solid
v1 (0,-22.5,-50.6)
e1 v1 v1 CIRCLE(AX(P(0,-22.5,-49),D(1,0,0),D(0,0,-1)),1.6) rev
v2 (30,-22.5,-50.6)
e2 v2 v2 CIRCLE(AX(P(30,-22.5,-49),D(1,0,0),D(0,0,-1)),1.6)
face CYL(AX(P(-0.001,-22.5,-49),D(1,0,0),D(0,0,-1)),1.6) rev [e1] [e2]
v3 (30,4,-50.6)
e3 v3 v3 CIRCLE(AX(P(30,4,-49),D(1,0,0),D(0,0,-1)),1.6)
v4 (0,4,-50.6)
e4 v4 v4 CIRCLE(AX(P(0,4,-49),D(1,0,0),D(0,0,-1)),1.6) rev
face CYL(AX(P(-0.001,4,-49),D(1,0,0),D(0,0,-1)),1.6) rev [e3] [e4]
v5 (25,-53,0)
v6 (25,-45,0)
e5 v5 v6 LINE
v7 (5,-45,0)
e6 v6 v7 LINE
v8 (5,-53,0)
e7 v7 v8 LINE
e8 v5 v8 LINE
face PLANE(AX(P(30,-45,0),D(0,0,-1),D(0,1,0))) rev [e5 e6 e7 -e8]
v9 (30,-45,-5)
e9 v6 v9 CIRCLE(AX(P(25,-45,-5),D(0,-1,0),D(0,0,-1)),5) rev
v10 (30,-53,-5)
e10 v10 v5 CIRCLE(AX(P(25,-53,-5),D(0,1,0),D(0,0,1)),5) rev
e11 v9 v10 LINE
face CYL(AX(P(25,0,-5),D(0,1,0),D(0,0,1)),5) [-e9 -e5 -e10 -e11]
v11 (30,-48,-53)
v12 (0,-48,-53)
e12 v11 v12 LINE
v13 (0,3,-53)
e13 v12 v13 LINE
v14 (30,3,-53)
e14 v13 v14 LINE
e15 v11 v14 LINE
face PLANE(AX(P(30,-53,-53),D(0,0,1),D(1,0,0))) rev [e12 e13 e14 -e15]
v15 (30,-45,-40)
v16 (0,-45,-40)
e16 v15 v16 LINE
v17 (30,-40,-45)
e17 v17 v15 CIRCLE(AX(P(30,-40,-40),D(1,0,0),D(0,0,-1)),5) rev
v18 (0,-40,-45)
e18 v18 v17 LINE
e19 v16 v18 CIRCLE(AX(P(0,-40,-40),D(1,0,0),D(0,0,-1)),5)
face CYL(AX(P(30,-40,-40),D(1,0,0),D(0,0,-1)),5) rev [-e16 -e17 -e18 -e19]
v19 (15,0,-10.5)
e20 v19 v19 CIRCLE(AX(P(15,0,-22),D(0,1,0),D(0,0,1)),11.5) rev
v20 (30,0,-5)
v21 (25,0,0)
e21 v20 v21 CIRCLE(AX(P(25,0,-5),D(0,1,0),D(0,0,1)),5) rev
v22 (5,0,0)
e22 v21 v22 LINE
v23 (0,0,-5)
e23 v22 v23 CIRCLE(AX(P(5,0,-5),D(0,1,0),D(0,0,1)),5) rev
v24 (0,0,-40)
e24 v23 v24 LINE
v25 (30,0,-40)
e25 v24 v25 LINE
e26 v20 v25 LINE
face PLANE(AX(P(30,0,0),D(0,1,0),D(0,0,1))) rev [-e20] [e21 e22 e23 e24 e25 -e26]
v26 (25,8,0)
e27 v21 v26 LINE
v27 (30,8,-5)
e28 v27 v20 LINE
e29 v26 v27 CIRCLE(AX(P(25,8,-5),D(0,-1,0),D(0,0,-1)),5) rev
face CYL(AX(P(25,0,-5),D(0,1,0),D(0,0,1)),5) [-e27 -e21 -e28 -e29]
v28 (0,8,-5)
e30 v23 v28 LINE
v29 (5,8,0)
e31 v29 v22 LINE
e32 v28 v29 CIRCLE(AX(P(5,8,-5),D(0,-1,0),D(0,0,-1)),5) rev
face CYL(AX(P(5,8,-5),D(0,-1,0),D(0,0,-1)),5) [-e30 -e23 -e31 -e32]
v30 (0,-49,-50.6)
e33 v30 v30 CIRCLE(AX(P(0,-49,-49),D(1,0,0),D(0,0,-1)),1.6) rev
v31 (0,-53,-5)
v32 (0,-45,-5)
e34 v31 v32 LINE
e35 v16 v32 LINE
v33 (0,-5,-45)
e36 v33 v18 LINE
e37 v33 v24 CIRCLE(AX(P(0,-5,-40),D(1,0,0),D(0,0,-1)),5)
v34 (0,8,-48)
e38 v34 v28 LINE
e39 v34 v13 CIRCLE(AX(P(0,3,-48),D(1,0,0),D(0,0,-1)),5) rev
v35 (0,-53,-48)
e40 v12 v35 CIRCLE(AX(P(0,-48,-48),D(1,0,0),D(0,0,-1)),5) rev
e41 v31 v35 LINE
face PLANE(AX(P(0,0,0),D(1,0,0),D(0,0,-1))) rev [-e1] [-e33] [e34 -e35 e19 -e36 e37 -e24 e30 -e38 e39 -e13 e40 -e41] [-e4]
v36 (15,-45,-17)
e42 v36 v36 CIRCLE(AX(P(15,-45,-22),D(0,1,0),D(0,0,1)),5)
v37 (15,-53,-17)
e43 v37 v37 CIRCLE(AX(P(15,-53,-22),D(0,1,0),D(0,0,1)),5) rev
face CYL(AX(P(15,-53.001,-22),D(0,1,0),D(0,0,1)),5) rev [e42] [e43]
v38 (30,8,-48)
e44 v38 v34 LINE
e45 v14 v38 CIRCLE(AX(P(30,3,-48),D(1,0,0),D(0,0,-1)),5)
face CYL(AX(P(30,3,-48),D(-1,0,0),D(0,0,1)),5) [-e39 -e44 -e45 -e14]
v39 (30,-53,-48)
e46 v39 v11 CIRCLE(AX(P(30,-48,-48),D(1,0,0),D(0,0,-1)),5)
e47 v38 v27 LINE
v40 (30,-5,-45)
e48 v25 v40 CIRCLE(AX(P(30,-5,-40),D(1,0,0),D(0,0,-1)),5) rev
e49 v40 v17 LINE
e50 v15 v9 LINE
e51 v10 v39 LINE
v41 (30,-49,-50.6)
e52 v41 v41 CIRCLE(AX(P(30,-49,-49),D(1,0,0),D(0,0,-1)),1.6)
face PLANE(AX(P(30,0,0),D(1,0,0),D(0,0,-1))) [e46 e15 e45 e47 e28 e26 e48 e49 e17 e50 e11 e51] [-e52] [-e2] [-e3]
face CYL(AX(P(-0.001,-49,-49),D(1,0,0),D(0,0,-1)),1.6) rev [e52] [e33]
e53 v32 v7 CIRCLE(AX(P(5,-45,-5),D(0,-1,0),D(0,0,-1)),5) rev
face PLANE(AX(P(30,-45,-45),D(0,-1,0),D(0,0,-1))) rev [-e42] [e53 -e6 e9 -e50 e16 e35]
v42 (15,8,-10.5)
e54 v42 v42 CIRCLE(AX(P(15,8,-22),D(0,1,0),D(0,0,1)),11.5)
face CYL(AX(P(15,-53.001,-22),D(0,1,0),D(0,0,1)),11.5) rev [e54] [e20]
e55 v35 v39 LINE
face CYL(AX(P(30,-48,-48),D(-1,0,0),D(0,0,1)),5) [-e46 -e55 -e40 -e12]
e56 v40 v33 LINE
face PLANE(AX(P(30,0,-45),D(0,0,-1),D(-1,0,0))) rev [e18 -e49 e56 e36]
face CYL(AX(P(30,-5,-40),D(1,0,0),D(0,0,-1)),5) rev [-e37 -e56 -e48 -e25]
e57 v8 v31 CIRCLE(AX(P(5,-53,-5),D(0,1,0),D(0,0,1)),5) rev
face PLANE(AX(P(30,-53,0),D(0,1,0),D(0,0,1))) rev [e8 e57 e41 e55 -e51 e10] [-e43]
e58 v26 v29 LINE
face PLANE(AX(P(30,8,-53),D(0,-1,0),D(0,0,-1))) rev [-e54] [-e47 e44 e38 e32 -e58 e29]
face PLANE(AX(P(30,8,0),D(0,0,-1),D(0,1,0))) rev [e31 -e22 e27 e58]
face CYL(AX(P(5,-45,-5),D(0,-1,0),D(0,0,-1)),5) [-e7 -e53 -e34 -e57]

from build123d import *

# Parameters (mm, degrees)
BOSS_EXTRUDE1_DEPTH = 30
CUT_EXTRUDE1_REACH  = 88.197
SKETCH2_R           = 11.5
CUT_EXTRUDE2_REACH  = 82.734
SKETCH3_R           = 5
CUT_EXTRUDE3_REACH  = 82.734
SKETCH4_R           = 1.6
FILLET1_R           = 5
FILLET2_R           = 5


with BuildPart() as part:
    # Sketch1 → Boss-Extrude1 (new body)
    with BuildSketch(Plane(origin=(0, 0, 0), x_dir=(0, 0, -1), z_dir=(1, 0, 0))):
        Polygon((0, 0), (45, 0), (45, -45), (0, -45), (0, -53), (53, -53), (53, 8), (0, 8), align=None)
    extrude(amount=BOSS_EXTRUDE1_DEPTH)

    # Sketch2 → Cut-Extrude1 (cut, up to next)
    with BuildSketch(Plane(origin=(0, 8, 0), x_dir=(1, 0, 0), z_dir=(0, 1, 0)), mode=Mode.PRIVATE) as cut_extrude1_sk1:
        with Locations(Location((15, 22, 0), (0, 0, 270))):
            Circle(SKETCH2_R)
    cut_extrude1_tool1 = extrude(cut_extrude1_sk1.sketch, amount=-CUT_EXTRUDE1_REACH, mode=Mode.PRIVATE) & part.part
    add(cut_extrude1_tool1.solids().sort_by_distance((15, 8, -22))[0], mode=Mode.SUBTRACT)

    # Sketch3 → Cut-Extrude2 (cut, up to next)
    with BuildSketch(Plane(origin=(0, -45, 0), x_dir=(1, 0, 0), z_dir=(0, 1, 0)), mode=Mode.PRIVATE) as cut_extrude2_sk1:
        with Locations(Location((15, 22, 0), (0, 0, 270))):
            Circle(SKETCH3_R)
    cut_extrude2_tool1 = extrude(cut_extrude2_sk1.sketch, amount=-CUT_EXTRUDE2_REACH, mode=Mode.PRIVATE) & part.part
    add(cut_extrude2_tool1.solids().sort_by_distance((15, -45, -22))[0], mode=Mode.SUBTRACT)

    # Sketch4 → Cut-Extrude3 (cut, up to next)
    with BuildSketch(Plane(origin=(30, 0, 0), x_dir=(0, 0, -1), z_dir=(1, 0, 0)), mode=Mode.PRIVATE) as cut_extrude3_sk1:
        with Locations((49, -22.5)):
            Circle(SKETCH4_R)
    cut_extrude3_tool1 = extrude(cut_extrude3_sk1.sketch, amount=-CUT_EXTRUDE3_REACH, mode=Mode.PRIVATE) & part.part
    # Sketch4 → Cut-Extrude3 (cut, up to next)
    with BuildSketch(Plane(origin=(30, 0, 0), x_dir=(0, 0, -1), z_dir=(1, 0, 0)), mode=Mode.PRIVATE) as cut_extrude3_sk2:
        with Locations((49, -49)):
            Circle(SKETCH4_R)
    cut_extrude3_tool2 = extrude(cut_extrude3_sk2.sketch, amount=-CUT_EXTRUDE3_REACH, mode=Mode.PRIVATE) & part.part
    # Sketch4 → Cut-Extrude3 (cut, up to next)
    with BuildSketch(Plane(origin=(30, 0, 0), x_dir=(0, 0, -1), z_dir=(1, 0, 0)), mode=Mode.PRIVATE) as cut_extrude3_sk3:
        with Locations((49, 4)):
            Circle(SKETCH4_R)
    cut_extrude3_tool3 = extrude(cut_extrude3_sk3.sketch, amount=-CUT_EXTRUDE3_REACH, mode=Mode.PRIVATE) & part.part
    add(cut_extrude3_tool1.solids().sort_by_distance((30, -22.5, -49))[0], mode=Mode.SUBTRACT)
    add(cut_extrude3_tool2.solids().sort_by_distance((30, -49, -49))[0], mode=Mode.SUBTRACT)
    add(cut_extrude3_tool3.solids().sort_by_distance((30, 4, -49))[0], mode=Mode.SUBTRACT)

    # Fillet1
    fillet1_edges = [part.edges().sort_by_distance(p)[0] for p in [
        (0, 4, 0),
        (15, 8, -53),
        (15, -53, -53),
        (30, -49, 0),
        (30, 4, 0),
        (0, -49, 0),
    ]]
    fillet(fillet1_edges, radius=FILLET1_R)

    # Fillet2
    fillet2_edges = [part.edges().sort_by_distance(p)[0] for p in [
        (15, -45, -45),
        (15, 0, -45),
    ]]
    fillet(fillet2_edges, radius=FILLET2_R)


solid = part.part
